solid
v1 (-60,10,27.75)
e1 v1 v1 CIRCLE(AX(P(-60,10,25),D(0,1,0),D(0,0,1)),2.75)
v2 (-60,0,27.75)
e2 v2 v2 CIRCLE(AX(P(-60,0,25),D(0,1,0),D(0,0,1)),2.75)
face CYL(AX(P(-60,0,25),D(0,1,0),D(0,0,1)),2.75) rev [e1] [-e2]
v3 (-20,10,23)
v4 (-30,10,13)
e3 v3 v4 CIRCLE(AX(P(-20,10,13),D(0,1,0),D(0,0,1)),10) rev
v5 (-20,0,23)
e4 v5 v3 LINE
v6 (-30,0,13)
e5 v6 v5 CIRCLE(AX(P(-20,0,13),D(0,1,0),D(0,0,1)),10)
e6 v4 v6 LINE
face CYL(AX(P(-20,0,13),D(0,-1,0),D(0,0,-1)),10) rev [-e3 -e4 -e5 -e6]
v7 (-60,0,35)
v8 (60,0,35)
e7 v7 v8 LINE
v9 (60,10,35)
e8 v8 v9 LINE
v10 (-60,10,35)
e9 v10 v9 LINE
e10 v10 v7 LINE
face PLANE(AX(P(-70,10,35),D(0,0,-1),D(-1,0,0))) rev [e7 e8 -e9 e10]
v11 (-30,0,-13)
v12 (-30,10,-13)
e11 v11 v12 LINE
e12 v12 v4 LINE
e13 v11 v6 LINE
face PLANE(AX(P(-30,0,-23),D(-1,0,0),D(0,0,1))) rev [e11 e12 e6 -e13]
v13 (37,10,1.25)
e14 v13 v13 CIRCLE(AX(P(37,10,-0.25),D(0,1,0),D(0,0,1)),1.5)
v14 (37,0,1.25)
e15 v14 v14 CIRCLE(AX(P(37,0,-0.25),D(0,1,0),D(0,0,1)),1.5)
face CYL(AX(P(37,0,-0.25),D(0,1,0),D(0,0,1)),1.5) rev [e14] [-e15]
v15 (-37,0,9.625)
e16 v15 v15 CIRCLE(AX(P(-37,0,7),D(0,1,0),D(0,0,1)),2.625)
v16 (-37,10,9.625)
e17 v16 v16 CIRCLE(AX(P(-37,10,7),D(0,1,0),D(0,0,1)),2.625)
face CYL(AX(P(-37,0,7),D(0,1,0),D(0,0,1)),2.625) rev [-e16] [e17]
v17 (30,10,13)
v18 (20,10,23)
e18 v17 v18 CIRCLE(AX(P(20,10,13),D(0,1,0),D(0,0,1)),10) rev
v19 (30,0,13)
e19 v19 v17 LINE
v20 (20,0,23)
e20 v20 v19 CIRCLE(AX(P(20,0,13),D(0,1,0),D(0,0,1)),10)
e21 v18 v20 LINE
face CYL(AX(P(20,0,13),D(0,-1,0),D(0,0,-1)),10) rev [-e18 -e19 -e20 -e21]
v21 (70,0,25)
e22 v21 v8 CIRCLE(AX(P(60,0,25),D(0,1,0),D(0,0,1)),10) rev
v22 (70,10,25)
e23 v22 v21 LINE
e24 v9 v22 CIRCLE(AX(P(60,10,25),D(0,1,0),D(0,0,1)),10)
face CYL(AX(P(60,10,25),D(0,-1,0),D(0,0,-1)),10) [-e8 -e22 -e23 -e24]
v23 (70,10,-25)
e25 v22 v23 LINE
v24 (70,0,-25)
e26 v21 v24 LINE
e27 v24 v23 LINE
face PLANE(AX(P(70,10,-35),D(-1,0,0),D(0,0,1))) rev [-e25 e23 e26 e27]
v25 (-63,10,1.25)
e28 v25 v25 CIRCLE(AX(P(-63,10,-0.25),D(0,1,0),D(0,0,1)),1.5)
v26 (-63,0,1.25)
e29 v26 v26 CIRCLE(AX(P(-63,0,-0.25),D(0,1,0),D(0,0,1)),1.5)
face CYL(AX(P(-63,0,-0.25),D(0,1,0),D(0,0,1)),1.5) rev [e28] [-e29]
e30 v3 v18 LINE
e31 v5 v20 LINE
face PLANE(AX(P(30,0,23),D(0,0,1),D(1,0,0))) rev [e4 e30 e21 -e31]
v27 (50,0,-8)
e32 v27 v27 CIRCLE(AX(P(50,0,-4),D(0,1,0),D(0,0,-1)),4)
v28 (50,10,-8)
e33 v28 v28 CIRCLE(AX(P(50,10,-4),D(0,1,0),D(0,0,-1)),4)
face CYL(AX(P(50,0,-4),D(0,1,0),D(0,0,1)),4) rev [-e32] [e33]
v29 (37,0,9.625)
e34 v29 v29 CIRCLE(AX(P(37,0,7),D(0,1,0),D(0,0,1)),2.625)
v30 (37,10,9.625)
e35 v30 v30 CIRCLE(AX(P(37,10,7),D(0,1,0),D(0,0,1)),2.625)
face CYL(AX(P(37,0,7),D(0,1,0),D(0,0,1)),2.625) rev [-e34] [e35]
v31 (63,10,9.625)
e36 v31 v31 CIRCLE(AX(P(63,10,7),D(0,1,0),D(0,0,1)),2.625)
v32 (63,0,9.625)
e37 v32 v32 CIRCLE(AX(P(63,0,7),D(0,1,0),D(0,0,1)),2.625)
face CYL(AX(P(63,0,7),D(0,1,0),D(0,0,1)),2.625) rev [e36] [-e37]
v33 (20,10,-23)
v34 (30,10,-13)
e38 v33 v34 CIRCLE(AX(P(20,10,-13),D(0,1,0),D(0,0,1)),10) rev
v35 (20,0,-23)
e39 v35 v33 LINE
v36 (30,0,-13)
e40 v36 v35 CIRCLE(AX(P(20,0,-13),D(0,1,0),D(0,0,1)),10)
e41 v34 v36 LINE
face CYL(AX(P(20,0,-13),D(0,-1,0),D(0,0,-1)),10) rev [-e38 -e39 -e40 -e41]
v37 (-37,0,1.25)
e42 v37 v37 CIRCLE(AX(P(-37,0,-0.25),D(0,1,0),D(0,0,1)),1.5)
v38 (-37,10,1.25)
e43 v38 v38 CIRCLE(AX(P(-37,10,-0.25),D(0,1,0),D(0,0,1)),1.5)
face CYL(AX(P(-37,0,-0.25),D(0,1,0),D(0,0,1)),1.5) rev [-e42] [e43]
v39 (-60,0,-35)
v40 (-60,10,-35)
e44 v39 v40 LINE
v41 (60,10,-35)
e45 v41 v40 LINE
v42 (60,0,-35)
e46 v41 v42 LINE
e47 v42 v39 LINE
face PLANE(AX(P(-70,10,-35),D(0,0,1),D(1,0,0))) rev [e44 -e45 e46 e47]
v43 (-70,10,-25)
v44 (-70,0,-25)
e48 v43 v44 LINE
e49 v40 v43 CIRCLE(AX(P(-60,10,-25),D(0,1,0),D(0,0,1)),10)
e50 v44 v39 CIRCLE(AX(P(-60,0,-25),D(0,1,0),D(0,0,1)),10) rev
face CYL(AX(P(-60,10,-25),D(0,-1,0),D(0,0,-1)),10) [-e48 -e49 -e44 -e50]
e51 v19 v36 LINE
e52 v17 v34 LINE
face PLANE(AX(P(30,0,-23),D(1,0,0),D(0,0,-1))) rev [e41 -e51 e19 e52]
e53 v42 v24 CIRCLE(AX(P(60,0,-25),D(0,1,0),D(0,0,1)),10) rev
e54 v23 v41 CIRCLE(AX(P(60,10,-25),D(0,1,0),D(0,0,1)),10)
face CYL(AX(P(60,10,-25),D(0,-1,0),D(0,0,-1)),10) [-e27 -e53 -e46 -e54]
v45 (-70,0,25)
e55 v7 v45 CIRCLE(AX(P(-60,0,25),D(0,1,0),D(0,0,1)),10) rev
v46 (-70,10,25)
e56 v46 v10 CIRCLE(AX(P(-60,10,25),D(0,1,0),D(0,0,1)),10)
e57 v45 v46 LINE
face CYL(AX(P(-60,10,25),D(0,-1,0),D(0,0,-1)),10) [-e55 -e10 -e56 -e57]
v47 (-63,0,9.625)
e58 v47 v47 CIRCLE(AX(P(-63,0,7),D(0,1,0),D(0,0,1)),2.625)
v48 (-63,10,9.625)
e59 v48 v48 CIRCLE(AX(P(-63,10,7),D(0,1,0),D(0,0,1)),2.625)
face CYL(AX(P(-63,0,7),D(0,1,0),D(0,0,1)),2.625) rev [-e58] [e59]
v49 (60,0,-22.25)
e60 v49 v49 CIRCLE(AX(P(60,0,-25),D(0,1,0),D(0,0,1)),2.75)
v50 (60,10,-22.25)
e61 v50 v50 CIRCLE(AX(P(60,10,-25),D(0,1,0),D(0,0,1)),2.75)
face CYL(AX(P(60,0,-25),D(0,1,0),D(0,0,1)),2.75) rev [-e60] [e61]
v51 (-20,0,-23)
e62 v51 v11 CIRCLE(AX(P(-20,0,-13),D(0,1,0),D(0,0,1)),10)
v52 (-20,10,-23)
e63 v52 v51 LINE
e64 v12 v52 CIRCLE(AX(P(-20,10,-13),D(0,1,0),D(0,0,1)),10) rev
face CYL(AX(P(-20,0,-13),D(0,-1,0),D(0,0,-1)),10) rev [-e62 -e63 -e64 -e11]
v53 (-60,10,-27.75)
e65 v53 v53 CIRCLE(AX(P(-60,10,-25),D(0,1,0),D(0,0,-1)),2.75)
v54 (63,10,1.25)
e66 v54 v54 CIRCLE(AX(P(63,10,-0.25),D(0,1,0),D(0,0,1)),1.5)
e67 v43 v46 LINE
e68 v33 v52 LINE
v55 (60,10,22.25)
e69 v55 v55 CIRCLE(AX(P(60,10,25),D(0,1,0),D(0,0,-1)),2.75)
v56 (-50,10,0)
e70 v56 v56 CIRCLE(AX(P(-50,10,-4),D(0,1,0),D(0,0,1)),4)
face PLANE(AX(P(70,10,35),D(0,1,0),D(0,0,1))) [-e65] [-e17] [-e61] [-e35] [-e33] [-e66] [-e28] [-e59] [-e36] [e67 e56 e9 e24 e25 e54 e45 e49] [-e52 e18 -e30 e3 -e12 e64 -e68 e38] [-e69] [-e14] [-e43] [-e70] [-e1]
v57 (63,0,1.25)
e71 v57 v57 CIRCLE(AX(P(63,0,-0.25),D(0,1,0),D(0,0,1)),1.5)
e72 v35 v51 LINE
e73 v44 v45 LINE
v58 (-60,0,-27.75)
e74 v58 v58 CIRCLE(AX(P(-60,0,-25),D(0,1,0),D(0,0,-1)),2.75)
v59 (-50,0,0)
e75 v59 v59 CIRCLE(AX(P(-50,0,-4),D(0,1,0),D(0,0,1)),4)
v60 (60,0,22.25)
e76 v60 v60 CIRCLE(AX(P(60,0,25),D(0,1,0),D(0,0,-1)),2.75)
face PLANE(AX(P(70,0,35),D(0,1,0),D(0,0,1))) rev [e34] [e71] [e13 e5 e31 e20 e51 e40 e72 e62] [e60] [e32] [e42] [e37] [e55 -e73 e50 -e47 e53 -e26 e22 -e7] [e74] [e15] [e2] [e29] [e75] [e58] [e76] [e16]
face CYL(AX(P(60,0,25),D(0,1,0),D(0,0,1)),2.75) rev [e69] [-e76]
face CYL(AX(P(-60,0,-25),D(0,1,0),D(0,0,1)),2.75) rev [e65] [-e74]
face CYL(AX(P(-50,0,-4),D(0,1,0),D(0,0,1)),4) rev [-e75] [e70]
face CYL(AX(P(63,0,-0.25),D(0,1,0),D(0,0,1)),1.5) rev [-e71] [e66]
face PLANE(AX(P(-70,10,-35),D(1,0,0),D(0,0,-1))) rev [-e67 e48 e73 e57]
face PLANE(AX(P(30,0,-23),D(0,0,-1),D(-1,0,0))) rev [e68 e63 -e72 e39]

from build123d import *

# Parameters (mm, degrees)
SKETCH1_W           = 140
SKETCH1_H           = 70
BOSS_EXTRUDE1_DEPTH = 10
FILLET1_R           = 10
SKETCH2_R           = 2.75
CUT_EXTRUDE1_DEPTH  = 79.89866919
SKETCH3_R           = 4
CUT_EXTRUDE2_DEPTH  = 79.89866919
SKETCH4_R           = 2.625
SKETCH4_R_2         = 1.5
CUT_EXTRUDE3_DEPTH  = 79.89866919
SKETCH5_W           = 60
SKETCH5_H           = 46
CUT_EXTRUDE4_DEPTH  = 79.89866919
FILLET3_R           = 10


with BuildPart() as part:
    # Sketch1 → Boss-Extrude1 (new body)
    with BuildSketch(Plane(origin=(0, 0, 0), x_dir=(1, 0, 0), z_dir=(0, 1, 0))):
        Rectangle(SKETCH1_W, SKETCH1_H)
    extrude(amount=BOSS_EXTRUDE1_DEPTH)

    # Fillet1
    fillet1_edges = [part.edges().sort_by_distance(p)[0] for p in [
        (70, 5, 35),
        (-70, 5, 35),
        (-70, 5, -35),
        (70, 5, -35),
    ]]
    fillet(fillet1_edges, radius=FILLET1_R)

    # Sketch2 → Cut-Extrude1 (cut, through all)
    with BuildSketch(Plane(origin=(0, 10, 0), x_dir=(1, 0, 0), z_dir=(0, 1, 0))):
        with Locations(Location((-60, -25, 0), (0, 0, 270))):
            Circle(SKETCH2_R)
        with Locations(Location((-60, 25, 0), (0, 0, 90))):
            Circle(SKETCH2_R)
        with Locations(Location((60, -25, 0), (0, 0, 90))):
            Circle(SKETCH2_R)
        with Locations(Location((60, 25, 0), (0, 0, 270))):
            Circle(SKETCH2_R)
    extrude(amount=-CUT_EXTRUDE1_DEPTH, mode=Mode.SUBTRACT)

    # Sketch3 → Cut-Extrude2 (cut, through all)
    with BuildSketch(Plane(origin=(0, 10, 0), x_dir=(1, 0, 0), z_dir=(0, 1, 0))):
        with Locations(Location((-50, 4, 0), (0, 0, 270))):
            Circle(SKETCH3_R)
        with Locations(Location((50, 4, 0), (0, 0, 90))):
            Circle(SKETCH3_R)
    extrude(amount=-CUT_EXTRUDE2_DEPTH, mode=Mode.SUBTRACT)

    # Sketch4 → Cut-Extrude3 (cut, through all)
    with BuildSketch(Plane(origin=(0, 10, 0), x_dir=(1, 0, 0), z_dir=(0, 1, 0))):
        with Locations(Location((-63, -7, 0), (0, 0, 270))):
            Circle(SKETCH4_R)
        with Locations(Location((-37, -7, 0), (0, 0, 270))):
            Circle(SKETCH4_R)
        with Locations(Location((37, -7, 0), (0, 0, 270))):
            Circle(SKETCH4_R)
        with Locations(Location((63, -7, 0), (0, 0, 270))):
            Circle(SKETCH4_R)
        with Locations(Location((-63, 0.25, 0), (0, 0, 270))):
            Circle(SKETCH4_R_2)
        with Locations(Location((-37, 0.25, 0), (0, 0, 270))):
            Circle(SKETCH4_R_2)
        with Locations(Location((37, 0.25, 0), (0, 0, 270))):
            Circle(SKETCH4_R_2)
        with Locations(Location((63, 0.25, 0), (0, 0, 270))):
            Circle(SKETCH4_R_2)
    extrude(amount=-CUT_EXTRUDE3_DEPTH, mode=Mode.SUBTRACT)

    # Sketch5 → Cut-Extrude4 (cut, through all)
    with BuildSketch(Plane(origin=(0, 10, 0), x_dir=(1, 0, 0), z_dir=(0, 1, 0))):
        Rectangle(SKETCH5_W, SKETCH5_H)
    extrude(amount=-CUT_EXTRUDE4_DEPTH, mode=Mode.SUBTRACT)

    # Fillet3
    fillet3_edges = [part.edges().sort_by_distance(p)[0] for p in [
        (-30, 5, 23),
        (-30, 5, -23),
        (30, 5, -23),
        (30, 5, 23),
    ]]
    fillet(fillet3_edges, radius=FILLET3_R)


solid = part.part
